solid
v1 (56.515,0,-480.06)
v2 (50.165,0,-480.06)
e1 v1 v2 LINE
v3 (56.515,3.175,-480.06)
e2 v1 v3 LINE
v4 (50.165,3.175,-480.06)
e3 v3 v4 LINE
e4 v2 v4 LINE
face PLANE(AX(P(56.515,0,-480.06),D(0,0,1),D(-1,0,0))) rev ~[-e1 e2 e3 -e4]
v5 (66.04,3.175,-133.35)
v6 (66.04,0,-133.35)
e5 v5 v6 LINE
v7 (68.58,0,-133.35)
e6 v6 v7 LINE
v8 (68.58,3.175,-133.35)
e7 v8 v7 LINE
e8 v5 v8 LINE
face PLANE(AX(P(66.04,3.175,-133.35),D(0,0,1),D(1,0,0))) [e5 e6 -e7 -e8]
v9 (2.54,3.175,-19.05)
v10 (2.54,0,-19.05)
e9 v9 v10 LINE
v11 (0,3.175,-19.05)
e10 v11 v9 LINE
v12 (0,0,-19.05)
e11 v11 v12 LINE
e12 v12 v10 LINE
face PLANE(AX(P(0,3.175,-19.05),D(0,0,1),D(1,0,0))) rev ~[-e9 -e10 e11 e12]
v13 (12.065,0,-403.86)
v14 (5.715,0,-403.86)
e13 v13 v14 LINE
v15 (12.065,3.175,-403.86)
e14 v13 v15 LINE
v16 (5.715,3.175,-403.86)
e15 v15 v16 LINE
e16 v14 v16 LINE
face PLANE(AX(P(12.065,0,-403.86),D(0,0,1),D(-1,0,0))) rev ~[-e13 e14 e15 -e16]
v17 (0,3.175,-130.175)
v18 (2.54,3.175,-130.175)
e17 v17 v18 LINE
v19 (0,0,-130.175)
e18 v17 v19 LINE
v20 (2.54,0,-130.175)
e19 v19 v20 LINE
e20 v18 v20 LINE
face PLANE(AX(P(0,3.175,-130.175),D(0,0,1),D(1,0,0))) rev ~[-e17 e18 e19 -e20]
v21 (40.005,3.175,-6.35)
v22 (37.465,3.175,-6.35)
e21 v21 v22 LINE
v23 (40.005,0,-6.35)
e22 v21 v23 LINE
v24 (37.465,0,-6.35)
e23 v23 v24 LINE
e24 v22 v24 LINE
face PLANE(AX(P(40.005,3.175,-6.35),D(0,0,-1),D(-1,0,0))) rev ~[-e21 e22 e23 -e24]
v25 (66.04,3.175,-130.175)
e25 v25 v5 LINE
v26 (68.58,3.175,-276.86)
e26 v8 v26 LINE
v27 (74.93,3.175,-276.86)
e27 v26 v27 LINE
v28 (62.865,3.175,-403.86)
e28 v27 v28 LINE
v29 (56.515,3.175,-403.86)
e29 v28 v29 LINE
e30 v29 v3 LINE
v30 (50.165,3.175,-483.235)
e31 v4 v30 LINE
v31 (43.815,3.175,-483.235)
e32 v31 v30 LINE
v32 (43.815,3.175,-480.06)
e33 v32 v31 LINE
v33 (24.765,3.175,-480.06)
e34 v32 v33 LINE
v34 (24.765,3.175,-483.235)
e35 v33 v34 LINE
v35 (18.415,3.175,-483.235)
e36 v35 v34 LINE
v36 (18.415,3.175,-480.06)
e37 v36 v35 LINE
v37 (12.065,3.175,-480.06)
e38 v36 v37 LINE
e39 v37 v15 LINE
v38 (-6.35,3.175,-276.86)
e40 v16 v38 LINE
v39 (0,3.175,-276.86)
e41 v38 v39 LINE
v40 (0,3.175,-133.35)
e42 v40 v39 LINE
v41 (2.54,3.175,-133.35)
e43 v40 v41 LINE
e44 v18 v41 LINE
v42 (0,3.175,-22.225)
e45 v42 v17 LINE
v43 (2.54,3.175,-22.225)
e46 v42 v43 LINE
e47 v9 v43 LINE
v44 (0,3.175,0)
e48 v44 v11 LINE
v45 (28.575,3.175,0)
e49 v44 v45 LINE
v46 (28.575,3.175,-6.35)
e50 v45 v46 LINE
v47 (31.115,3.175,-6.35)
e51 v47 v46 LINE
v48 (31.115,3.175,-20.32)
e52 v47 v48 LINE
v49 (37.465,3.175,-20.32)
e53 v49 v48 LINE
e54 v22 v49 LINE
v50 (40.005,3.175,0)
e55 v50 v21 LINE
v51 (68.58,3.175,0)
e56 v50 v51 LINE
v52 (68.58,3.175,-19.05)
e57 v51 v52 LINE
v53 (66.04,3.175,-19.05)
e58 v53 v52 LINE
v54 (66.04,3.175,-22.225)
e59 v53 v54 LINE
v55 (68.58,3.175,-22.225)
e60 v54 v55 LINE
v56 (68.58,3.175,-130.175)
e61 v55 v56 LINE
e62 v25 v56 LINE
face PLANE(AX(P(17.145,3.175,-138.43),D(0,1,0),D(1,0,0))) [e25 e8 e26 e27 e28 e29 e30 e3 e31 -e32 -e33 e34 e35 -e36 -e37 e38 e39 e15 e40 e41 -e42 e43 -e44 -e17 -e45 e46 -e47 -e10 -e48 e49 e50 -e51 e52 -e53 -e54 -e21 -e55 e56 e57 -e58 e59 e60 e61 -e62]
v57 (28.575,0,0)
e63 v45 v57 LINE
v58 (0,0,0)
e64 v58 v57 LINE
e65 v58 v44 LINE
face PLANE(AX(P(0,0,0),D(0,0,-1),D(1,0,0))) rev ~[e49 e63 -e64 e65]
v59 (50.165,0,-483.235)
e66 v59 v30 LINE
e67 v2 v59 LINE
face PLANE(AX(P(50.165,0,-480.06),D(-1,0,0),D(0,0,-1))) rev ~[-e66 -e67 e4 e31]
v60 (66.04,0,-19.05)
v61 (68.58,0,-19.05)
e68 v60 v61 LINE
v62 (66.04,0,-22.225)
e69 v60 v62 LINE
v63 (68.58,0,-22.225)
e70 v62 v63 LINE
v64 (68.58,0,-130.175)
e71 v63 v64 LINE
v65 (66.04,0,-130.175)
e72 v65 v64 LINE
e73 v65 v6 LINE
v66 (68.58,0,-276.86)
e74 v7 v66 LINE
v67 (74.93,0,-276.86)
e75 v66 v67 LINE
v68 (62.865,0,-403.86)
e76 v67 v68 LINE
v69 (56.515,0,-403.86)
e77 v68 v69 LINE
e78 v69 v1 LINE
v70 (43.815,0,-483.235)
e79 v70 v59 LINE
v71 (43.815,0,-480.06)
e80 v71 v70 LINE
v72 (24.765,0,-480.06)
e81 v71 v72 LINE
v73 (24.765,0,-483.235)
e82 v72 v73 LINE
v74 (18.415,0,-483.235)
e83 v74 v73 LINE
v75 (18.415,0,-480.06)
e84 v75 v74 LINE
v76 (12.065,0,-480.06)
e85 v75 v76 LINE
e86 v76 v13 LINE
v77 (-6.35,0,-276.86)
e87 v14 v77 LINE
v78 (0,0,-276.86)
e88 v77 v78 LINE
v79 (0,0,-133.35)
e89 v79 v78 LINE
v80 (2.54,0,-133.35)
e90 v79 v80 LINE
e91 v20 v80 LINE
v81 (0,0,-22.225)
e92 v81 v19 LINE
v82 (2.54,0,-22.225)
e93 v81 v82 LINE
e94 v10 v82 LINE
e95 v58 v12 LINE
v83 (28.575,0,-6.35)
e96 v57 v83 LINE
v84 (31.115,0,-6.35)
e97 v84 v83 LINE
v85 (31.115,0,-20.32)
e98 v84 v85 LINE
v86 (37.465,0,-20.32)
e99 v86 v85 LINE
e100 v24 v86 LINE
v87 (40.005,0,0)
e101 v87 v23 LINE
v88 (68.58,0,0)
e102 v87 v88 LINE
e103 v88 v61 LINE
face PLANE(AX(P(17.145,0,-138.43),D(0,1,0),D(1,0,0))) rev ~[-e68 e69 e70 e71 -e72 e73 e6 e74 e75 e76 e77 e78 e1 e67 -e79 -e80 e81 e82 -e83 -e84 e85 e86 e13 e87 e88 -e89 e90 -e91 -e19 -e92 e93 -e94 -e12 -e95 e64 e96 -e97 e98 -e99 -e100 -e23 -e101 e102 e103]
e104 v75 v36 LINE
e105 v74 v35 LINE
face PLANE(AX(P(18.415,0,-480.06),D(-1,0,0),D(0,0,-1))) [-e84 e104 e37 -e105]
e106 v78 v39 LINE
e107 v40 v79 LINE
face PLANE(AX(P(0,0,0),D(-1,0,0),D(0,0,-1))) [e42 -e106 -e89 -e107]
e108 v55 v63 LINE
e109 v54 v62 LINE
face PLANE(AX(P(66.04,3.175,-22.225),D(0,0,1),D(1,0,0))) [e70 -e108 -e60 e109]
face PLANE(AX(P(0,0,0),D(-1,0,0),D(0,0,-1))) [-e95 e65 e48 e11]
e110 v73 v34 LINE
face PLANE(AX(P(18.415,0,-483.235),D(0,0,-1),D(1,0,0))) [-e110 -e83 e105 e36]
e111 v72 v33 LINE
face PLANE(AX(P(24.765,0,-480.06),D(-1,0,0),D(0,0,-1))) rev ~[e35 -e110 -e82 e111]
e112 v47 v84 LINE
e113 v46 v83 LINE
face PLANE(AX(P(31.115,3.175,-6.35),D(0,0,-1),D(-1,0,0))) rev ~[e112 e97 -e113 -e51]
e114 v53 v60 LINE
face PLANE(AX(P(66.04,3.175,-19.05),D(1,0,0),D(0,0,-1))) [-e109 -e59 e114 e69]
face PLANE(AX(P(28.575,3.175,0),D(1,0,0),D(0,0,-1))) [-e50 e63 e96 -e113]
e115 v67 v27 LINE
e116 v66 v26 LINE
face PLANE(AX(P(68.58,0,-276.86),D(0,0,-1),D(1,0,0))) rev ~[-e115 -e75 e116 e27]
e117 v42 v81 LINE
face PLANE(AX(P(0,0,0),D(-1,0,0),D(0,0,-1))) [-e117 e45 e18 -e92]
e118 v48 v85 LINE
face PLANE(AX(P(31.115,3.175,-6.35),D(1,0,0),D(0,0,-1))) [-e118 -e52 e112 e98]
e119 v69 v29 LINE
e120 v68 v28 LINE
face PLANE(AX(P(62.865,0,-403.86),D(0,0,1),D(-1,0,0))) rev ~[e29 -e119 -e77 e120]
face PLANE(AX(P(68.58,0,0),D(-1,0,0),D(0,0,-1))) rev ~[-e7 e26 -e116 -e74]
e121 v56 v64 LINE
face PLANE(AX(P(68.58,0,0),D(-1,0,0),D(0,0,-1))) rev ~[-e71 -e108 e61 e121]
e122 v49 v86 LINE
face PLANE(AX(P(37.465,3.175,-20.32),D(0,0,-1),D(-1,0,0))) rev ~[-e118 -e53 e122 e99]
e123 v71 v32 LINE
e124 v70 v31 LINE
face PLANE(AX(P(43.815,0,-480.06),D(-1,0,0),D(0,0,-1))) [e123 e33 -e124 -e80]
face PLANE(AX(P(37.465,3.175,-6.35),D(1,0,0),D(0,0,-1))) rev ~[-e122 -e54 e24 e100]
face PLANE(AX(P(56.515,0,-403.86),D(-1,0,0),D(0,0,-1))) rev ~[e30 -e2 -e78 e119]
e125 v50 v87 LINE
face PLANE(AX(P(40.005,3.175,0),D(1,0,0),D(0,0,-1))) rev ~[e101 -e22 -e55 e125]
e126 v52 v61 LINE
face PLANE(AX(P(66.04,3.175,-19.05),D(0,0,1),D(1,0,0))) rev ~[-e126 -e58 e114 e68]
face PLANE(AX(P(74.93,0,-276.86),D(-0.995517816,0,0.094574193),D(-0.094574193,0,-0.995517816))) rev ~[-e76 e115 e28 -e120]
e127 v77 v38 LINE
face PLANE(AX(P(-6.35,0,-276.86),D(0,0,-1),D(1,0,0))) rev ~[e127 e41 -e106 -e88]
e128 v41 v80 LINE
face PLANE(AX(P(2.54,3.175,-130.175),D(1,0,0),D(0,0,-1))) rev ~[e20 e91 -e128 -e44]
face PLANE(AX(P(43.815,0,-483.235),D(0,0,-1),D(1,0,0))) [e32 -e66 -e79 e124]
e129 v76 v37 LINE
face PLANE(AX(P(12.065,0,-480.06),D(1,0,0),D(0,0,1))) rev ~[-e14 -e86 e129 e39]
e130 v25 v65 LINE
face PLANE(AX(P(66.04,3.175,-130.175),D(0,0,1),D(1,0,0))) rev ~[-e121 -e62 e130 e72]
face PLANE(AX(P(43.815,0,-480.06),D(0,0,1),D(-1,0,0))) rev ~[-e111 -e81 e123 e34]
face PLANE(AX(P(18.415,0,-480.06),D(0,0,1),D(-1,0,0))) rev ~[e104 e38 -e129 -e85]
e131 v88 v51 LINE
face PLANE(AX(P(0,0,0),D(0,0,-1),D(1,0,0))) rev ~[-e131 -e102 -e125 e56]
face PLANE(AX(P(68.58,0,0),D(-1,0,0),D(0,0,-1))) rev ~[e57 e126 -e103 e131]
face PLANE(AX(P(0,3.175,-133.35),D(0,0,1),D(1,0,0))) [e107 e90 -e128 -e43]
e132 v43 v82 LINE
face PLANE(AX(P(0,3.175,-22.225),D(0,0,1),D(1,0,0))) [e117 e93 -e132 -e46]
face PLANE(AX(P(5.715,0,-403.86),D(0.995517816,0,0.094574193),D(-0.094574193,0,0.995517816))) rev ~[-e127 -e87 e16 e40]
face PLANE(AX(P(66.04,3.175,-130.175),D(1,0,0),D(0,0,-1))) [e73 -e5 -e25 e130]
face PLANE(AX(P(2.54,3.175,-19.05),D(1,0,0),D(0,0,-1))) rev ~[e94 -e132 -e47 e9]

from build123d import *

# Parameters (mm, degrees)
SKETCH1_W           = 34.29
SKETCH1_H           = 276.86
SKETCH1_W_2         = 6.35
SKETCH1_H_2         = 3.175
BOSS_EXTRUDE1_DEPTH = 3.175
SKETCH3_W           = 2.54
SKETCH3_H           = 3.175
CUT_EXTRUDE1_DEPTH  = 490.020092379
SKETCH4_W           = 2.54
SKETCH4_H           = 6.35
SKETCH4_W_2         = 3.175
SKETCH4_H_2         = 13.97
CUT_EXTRUDE2_DEPTH  = 490.020092379


with BuildPart() as part:
    # Sketch1 → Boss-Extrude1 (new body)
    with BuildSketch(Plane(origin=(0, 0, 0), x_dir=(1, 0, 0), z_dir=(0, 1, 0))):
        with Locations((17.145, 138.43)):
            Rectangle(SKETCH1_W, SKETCH1_H)
        with Locations((51.435, 138.43)):
            Rectangle(SKETCH1_W, SKETCH1_H)
        Polygon((34.29, 403.86), (34.29, 276.86), (68.58, 276.86), (74.93, 276.86), (62.865, 403.86), (56.515, 403.86), align=None)
        Polygon((-6.35, 276.86), (0, 276.86), (34.29, 276.86), (34.29, 403.86), (12.065, 403.86), (5.715, 403.86), align=None)
        Polygon((12.065, 403.86), (34.29, 403.86), (56.515, 403.86), (56.515, 480.06), (50.165, 480.06), (43.815, 480.06), (24.765, 480.06), (18.415, 480.06), (12.065, 480.06), align=None)
        with Locations((21.59, 481.6475)):
            Rectangle(SKETCH1_W_2, SKETCH1_H_2)
        with Locations((46.99, 481.6475)):
            Rectangle(SKETCH1_W_2, SKETCH1_H_2)
    extrude(amount=BOSS_EXTRUDE1_DEPTH)

    # Sketch3 → Cut-Extrude1 (cut, through all)
    with BuildSketch(Plane(origin=(0, 3.175, 0), x_dir=(1, 0, 0), z_dir=(0, 1, 0))):
        with Locations((1.27, 20.6375)):
            Rectangle(SKETCH3_W, SKETCH3_H)
        with Locations((67.31, 20.6375)):
            Rectangle(SKETCH3_W, SKETCH3_H)
        with Locations((1.27, 131.7625)):
            Rectangle(SKETCH3_W, SKETCH3_H)
        with Locations((67.31, 131.7625)):
            Rectangle(SKETCH3_W, SKETCH3_H)
    extrude(amount=-CUT_EXTRUDE1_DEPTH, mode=Mode.SUBTRACT)

    # Sketch4 → Cut-Extrude2 (cut, through all)
    with BuildSketch(Plane(origin=(0, 3.175, 0), x_dir=(1, 0, 0), z_dir=(0, 1, 0))):
        with Locations((29.845, 3.175)):
            Rectangle(SKETCH4_W, SKETCH4_H)
        with Locations((32.7025, 3.175)):
            Rectangle(SKETCH4_W_2, SKETCH4_H)
        with Locations((35.8775, 3.175)):
            Rectangle(SKETCH4_W_2, SKETCH4_H)
        with Locations((38.735, 3.175)):
            Rectangle(SKETCH4_W, SKETCH4_H)
        with Locations((35.8775, 13.335)):
            Rectangle(SKETCH4_W_2, SKETCH4_H_2)
        with Locations((32.7025, 13.335)):
            Rectangle(SKETCH4_W_2, SKETCH4_H_2)
    extrude(amount=-CUT_EXTRUDE2_DEPTH, mode=Mode.SUBTRACT)


solid = part.part
